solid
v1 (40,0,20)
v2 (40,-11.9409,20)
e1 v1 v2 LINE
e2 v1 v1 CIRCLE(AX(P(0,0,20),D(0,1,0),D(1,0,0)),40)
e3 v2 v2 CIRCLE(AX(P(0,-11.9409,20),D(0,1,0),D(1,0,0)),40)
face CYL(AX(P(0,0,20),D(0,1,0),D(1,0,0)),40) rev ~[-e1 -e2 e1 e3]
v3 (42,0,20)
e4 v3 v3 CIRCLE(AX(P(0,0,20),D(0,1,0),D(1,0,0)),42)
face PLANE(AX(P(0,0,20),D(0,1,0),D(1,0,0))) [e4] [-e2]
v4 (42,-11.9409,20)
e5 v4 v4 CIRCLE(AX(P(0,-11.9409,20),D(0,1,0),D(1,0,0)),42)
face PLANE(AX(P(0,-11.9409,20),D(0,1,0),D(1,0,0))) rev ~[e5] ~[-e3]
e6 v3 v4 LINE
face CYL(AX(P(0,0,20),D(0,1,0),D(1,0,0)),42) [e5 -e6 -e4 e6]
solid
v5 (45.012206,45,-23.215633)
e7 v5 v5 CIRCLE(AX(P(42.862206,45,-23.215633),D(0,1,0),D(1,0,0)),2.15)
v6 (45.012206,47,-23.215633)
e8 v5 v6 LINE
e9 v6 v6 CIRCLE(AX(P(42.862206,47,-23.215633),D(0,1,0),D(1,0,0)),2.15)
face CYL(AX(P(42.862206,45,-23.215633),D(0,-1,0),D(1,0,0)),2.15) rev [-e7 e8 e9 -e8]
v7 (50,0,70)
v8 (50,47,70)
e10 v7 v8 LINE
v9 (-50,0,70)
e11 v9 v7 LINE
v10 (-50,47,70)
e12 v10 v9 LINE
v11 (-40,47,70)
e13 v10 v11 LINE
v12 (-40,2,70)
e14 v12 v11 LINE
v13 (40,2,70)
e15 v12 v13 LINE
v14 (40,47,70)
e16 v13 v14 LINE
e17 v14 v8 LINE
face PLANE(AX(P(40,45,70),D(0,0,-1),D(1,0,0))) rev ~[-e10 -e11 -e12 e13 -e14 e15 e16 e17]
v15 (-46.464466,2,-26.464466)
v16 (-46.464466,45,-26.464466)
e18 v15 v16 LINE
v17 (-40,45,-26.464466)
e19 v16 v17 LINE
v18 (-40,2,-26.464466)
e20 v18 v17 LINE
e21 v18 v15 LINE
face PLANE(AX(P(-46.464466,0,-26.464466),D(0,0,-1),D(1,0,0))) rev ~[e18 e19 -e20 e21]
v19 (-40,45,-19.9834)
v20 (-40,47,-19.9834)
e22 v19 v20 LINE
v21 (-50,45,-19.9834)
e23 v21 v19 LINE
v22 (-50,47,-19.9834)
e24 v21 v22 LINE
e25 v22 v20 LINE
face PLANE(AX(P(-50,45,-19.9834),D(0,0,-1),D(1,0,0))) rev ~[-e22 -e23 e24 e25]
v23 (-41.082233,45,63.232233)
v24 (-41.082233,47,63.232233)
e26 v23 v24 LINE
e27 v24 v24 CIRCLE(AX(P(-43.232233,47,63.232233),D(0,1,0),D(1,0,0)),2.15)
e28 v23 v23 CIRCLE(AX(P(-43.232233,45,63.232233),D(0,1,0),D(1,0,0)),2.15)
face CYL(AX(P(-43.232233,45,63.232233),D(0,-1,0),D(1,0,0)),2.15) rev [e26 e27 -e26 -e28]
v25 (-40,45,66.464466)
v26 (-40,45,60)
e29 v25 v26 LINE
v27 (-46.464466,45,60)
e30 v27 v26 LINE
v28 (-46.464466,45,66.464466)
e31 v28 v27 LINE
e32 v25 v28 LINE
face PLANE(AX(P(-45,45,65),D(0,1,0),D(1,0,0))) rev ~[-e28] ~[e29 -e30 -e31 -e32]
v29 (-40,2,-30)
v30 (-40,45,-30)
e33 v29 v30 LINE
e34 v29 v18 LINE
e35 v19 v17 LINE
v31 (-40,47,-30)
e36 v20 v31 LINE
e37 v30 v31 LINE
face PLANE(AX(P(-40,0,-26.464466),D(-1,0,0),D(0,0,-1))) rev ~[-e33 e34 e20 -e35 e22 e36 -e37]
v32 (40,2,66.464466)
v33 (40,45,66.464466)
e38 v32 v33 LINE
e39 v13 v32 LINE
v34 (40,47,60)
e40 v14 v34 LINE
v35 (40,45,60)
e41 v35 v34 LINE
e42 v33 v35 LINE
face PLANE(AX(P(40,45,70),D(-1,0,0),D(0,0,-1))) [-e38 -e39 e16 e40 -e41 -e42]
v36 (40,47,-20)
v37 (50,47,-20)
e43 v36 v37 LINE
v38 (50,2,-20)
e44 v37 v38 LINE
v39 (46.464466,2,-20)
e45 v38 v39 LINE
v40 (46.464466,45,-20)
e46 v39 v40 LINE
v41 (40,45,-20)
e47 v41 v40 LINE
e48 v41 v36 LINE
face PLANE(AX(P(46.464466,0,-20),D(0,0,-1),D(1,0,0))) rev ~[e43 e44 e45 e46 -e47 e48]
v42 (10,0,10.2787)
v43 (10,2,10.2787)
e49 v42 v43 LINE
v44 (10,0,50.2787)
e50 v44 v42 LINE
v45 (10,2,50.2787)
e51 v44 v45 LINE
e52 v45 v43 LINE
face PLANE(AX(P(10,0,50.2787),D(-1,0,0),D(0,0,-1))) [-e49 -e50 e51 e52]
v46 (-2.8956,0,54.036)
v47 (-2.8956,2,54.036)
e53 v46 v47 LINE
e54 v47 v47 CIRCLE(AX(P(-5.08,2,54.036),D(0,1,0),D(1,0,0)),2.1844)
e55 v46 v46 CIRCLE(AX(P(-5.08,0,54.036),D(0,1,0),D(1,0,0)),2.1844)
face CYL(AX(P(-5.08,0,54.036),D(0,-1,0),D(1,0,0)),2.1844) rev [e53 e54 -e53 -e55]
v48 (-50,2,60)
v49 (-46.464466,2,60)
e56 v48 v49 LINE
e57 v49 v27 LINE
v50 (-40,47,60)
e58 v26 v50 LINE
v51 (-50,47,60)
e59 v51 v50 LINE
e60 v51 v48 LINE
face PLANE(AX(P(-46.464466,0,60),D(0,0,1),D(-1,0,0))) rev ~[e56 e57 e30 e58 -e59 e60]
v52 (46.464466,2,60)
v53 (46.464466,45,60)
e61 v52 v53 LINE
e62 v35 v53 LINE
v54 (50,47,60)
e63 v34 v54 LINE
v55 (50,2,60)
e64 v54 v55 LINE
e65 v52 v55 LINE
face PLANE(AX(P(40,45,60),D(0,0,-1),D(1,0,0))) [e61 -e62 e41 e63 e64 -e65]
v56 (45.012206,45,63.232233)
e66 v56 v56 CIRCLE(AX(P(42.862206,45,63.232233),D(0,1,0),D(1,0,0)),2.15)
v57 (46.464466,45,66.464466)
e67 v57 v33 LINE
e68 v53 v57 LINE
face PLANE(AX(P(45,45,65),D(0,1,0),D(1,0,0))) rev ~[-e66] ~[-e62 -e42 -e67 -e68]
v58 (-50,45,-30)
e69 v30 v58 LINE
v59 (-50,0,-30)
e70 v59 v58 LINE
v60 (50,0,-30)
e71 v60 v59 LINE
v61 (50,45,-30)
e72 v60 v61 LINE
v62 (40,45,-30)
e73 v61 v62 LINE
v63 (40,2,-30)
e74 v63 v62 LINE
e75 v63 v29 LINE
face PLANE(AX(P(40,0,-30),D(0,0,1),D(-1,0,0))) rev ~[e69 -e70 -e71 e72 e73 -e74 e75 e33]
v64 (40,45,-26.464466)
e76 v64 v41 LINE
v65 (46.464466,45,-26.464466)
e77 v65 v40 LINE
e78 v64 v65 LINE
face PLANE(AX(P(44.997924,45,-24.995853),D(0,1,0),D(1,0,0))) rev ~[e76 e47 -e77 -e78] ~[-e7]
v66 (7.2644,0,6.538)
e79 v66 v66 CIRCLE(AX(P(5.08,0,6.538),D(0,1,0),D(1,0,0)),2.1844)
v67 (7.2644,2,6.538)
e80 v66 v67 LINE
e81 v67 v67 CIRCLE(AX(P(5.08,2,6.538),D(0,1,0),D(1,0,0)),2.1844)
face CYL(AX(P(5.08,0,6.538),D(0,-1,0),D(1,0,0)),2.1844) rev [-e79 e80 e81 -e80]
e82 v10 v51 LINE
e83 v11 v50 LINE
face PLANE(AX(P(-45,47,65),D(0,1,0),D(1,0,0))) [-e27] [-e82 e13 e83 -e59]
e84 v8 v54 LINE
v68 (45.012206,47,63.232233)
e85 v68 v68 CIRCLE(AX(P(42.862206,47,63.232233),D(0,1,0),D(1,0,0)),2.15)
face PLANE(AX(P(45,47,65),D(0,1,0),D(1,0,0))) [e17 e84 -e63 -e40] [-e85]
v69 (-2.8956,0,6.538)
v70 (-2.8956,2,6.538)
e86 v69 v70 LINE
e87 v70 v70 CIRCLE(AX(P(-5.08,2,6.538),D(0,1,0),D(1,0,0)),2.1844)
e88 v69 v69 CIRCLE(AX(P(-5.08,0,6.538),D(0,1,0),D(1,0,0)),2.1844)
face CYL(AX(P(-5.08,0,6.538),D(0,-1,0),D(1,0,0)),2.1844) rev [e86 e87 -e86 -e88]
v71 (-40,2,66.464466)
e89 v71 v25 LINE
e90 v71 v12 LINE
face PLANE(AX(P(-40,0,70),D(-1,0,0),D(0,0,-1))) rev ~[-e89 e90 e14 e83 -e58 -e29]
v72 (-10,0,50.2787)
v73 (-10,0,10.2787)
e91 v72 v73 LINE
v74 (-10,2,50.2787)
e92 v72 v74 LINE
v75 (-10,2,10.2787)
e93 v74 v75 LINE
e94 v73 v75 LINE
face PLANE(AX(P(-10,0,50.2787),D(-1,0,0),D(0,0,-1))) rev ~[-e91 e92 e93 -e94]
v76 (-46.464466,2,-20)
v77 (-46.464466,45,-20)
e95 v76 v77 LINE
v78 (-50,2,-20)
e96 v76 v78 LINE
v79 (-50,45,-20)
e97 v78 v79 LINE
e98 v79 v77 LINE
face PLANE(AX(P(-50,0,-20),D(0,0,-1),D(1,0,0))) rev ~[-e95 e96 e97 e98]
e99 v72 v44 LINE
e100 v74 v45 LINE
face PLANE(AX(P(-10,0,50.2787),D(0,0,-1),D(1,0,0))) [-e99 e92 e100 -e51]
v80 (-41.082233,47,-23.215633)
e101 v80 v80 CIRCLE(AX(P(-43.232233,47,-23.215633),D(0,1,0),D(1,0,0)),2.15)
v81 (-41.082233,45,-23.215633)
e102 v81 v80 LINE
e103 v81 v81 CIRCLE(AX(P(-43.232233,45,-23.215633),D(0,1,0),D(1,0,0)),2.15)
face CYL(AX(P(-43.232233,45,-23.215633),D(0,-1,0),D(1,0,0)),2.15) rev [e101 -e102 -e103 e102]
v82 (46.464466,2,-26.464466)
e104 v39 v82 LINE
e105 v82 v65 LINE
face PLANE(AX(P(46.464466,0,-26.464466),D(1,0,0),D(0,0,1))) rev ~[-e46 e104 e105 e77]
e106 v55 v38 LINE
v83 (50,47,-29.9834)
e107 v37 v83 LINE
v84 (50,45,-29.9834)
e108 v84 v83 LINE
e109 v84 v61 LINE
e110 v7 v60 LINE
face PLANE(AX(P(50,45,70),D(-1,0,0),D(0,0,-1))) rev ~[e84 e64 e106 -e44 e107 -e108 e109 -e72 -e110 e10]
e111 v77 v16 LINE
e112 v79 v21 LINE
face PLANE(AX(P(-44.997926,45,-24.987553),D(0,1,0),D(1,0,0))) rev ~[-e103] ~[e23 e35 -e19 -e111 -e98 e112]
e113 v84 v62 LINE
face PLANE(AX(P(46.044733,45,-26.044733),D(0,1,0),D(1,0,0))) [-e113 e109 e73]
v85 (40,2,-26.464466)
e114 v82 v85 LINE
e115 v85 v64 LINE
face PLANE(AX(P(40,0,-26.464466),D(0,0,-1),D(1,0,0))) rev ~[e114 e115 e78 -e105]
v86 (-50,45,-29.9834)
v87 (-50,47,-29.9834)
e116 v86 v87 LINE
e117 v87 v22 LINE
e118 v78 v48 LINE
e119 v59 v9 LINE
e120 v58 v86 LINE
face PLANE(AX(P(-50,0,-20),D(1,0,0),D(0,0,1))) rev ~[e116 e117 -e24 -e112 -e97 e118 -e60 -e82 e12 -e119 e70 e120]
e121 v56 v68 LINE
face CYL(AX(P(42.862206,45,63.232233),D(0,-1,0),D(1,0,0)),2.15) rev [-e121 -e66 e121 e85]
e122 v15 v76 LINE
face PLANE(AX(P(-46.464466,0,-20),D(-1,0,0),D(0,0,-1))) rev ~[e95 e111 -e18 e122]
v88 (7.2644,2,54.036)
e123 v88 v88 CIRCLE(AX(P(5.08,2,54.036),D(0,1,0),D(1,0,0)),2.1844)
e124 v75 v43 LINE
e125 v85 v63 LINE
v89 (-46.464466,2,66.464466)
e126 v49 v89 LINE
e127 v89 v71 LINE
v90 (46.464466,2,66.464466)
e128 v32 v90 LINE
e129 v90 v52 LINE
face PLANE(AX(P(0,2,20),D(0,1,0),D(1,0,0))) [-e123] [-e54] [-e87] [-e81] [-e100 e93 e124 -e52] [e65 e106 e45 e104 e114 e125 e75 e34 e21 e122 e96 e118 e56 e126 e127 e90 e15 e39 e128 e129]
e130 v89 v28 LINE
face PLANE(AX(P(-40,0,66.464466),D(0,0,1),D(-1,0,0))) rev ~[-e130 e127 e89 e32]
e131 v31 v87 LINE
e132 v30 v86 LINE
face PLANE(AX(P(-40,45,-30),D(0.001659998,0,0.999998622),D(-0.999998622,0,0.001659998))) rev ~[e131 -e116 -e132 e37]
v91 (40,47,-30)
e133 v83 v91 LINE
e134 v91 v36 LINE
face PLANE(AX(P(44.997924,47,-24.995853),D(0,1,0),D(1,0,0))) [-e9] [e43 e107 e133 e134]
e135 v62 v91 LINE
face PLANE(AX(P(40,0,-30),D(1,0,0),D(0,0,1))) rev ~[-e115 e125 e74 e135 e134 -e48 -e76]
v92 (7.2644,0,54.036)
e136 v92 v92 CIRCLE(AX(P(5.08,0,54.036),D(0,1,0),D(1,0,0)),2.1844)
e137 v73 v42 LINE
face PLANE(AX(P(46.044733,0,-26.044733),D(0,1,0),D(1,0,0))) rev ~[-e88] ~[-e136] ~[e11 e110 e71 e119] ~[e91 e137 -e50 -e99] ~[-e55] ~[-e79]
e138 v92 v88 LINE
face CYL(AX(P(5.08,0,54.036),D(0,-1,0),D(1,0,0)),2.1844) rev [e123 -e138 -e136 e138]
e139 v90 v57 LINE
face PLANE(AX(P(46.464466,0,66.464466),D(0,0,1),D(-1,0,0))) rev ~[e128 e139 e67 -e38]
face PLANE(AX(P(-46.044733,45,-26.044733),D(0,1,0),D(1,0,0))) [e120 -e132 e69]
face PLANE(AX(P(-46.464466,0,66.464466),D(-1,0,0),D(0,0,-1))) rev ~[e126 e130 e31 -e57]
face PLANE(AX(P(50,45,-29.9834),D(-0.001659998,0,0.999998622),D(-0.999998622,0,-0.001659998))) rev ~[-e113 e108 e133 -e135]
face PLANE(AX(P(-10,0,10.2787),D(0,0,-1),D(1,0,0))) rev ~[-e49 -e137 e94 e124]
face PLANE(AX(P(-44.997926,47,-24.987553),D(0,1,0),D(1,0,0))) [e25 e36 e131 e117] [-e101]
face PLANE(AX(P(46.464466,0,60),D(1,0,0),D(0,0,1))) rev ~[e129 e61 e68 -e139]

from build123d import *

# Parameters (mm, degrees)
SKETCH1_R           = 2.1844
SKETCH1_W           = 20
SKETCH1_H           = 40
BOSS_EXTRUDE1_DEPTH = 2
BOSS_EXTRUDE2_DEPTH = 45
SKETCH2_W           = 10
SKETCH2_H           = 10
SKETCH2_R           = 2.15
BOSS_EXTRUDE3_DEPTH = 2
SKETCH1_4_R         = 42
SKETCH1_4_R_2       = 40
BOSS_EXTRUDE4_DEPTH = 11.9409


with BuildPart() as part:
    # Sketch1 → Boss-Extrude1 (new body)
    with BuildSketch(Plane(origin=(0, 0, 0), x_dir=(1, 0, 0), z_dir=(0, 1, 0))):
        Polygon((-46.464466094, -60), (-46.464466094, -66.464466094), (-40, -66.464466094), (-40, -70), (40, -70), (40, -66.464466094), (46.464466094, -66.464466094), (46.464466094, -60), (50, -60), (50, 20), (46.464466094, 20), (46.464466094, 26.464466094), (40, 26.464466094), (40, 30), (-40, 30), (-40, 26.464466094), (-46.464466094, 26.464466094), (-46.464466094, 20), (-50, 20), (-50, -60), align=None)
        with Locations((5.08, -6.538)):
            Circle(SKETCH1_R, mode=Mode.SUBTRACT)
        with Locations((-5.08, -54.036)):
            Circle(SKETCH1_R, mode=Mode.SUBTRACT)
        with Locations((5.08, -54.036)):
            Circle(SKETCH1_R, mode=Mode.SUBTRACT)
        with Locations((0, -30.278699998)):
            Rectangle(SKETCH1_W, SKETCH1_H, mode=Mode.SUBTRACT)
        with Locations((-5.08, -6.538)):
            Circle(SKETCH1_R, mode=Mode.SUBTRACT)
    extrude(amount=BOSS_EXTRUDE1_DEPTH)

    # Sketch1<3> → Boss-Extrude2 (add)
    with BuildSketch(Plane(origin=(0, 0, 0), x_dir=(1, 0, 0), z_dir=(0, 1, 0))):
        Polygon((-50, -60), (-50, -70), (-40, -70), (-40, -66.464466094), (-46.464466094, -66.464466094), (-46.464466094, -60), align=None)
        Polygon((40, -66.464466094), (40, -70), (50, -70), (50, -60), (46.464466094, -60), (46.464466094, -66.464466094), align=None)
        Polygon((-50, 30), (-50, 20), (-46.464466094, 20), (-46.464466094, 26.464466094), (-40, 26.464466094), (-40, 30), align=None)
        Polygon((46.464466094, 20), (50, 20), (50, 30), (40, 30), (40, 26.464466094), (46.464466094, 26.464466094), align=None)
    extrude(amount=BOSS_EXTRUDE2_DEPTH)

    # Sketch2 → Boss-Extrude3 (add)
    # profile 1 of 4: a face of its own
    with BuildSketch(Plane(origin=(0, 45, 0), x_dir=(1, 0, 0), z_dir=(0, 1, 0))):
        with Locations((45, -65)):
            Rectangle(SKETCH2_W, SKETCH2_H)
        with Locations((42.862206079, -63.232233047)):
            Circle(SKETCH2_R, mode=Mode.SUBTRACT)
    # profile 2 of 4: a face of its own
    with BuildSketch(Plane(origin=(0, 45, 0), x_dir=(1, 0, 0), z_dir=(0, 1, 0))):
        with Locations((-45, -65)):
            Rectangle(SKETCH2_W, SKETCH2_H)
        with Locations((-43.232233047, -63.232233047)):
            Circle(SKETCH2_R, mode=Mode.SUBTRACT)
    # profile 3 of 4: a face of its own
    with BuildSketch(Plane(origin=(0, 45, 0), x_dir=(1, 0, 0), z_dir=(0, 1, 0))):
        Polygon((-50, 29.983399997), (-50, 19.983399997), (-40, 19.983399997), (-40, 30), align=None)
        with Locations((-43.232233047, 23.215633044)):
            Circle(SKETCH2_R, mode=Mode.SUBTRACT)
    # profile 4 of 4: a face of its own
    with BuildSketch(Plane(origin=(0, 45, 0), x_dir=(1, 0, 0), z_dir=(0, 1, 0))):
        Polygon((50, 29.983399997), (40, 30), (40, 20), (50, 20), align=None)
        with Locations((42.862206079, 23.215633044)):
            Circle(SKETCH2_R, mode=Mode.SUBTRACT)
    extrude(amount=BOSS_EXTRUDE3_DEPTH)


with BuildPart() as body_2:
    # Sketch1<4> → Boss-Extrude4 (new body)
    with BuildSketch(Plane(origin=(0, 0, 0), x_dir=(1, 0, 0), z_dir=(0, 1, 0))):
        with Locations((0, -20)):
            Circle(SKETCH1_4_R)
        with Locations((0, -20)):
            Circle(SKETCH1_4_R_2, mode=Mode.SUBTRACT)
    extrude(amount=-BOSS_EXTRUDE4_DEPTH)


solid = Compound([part.part, body_2.part])
